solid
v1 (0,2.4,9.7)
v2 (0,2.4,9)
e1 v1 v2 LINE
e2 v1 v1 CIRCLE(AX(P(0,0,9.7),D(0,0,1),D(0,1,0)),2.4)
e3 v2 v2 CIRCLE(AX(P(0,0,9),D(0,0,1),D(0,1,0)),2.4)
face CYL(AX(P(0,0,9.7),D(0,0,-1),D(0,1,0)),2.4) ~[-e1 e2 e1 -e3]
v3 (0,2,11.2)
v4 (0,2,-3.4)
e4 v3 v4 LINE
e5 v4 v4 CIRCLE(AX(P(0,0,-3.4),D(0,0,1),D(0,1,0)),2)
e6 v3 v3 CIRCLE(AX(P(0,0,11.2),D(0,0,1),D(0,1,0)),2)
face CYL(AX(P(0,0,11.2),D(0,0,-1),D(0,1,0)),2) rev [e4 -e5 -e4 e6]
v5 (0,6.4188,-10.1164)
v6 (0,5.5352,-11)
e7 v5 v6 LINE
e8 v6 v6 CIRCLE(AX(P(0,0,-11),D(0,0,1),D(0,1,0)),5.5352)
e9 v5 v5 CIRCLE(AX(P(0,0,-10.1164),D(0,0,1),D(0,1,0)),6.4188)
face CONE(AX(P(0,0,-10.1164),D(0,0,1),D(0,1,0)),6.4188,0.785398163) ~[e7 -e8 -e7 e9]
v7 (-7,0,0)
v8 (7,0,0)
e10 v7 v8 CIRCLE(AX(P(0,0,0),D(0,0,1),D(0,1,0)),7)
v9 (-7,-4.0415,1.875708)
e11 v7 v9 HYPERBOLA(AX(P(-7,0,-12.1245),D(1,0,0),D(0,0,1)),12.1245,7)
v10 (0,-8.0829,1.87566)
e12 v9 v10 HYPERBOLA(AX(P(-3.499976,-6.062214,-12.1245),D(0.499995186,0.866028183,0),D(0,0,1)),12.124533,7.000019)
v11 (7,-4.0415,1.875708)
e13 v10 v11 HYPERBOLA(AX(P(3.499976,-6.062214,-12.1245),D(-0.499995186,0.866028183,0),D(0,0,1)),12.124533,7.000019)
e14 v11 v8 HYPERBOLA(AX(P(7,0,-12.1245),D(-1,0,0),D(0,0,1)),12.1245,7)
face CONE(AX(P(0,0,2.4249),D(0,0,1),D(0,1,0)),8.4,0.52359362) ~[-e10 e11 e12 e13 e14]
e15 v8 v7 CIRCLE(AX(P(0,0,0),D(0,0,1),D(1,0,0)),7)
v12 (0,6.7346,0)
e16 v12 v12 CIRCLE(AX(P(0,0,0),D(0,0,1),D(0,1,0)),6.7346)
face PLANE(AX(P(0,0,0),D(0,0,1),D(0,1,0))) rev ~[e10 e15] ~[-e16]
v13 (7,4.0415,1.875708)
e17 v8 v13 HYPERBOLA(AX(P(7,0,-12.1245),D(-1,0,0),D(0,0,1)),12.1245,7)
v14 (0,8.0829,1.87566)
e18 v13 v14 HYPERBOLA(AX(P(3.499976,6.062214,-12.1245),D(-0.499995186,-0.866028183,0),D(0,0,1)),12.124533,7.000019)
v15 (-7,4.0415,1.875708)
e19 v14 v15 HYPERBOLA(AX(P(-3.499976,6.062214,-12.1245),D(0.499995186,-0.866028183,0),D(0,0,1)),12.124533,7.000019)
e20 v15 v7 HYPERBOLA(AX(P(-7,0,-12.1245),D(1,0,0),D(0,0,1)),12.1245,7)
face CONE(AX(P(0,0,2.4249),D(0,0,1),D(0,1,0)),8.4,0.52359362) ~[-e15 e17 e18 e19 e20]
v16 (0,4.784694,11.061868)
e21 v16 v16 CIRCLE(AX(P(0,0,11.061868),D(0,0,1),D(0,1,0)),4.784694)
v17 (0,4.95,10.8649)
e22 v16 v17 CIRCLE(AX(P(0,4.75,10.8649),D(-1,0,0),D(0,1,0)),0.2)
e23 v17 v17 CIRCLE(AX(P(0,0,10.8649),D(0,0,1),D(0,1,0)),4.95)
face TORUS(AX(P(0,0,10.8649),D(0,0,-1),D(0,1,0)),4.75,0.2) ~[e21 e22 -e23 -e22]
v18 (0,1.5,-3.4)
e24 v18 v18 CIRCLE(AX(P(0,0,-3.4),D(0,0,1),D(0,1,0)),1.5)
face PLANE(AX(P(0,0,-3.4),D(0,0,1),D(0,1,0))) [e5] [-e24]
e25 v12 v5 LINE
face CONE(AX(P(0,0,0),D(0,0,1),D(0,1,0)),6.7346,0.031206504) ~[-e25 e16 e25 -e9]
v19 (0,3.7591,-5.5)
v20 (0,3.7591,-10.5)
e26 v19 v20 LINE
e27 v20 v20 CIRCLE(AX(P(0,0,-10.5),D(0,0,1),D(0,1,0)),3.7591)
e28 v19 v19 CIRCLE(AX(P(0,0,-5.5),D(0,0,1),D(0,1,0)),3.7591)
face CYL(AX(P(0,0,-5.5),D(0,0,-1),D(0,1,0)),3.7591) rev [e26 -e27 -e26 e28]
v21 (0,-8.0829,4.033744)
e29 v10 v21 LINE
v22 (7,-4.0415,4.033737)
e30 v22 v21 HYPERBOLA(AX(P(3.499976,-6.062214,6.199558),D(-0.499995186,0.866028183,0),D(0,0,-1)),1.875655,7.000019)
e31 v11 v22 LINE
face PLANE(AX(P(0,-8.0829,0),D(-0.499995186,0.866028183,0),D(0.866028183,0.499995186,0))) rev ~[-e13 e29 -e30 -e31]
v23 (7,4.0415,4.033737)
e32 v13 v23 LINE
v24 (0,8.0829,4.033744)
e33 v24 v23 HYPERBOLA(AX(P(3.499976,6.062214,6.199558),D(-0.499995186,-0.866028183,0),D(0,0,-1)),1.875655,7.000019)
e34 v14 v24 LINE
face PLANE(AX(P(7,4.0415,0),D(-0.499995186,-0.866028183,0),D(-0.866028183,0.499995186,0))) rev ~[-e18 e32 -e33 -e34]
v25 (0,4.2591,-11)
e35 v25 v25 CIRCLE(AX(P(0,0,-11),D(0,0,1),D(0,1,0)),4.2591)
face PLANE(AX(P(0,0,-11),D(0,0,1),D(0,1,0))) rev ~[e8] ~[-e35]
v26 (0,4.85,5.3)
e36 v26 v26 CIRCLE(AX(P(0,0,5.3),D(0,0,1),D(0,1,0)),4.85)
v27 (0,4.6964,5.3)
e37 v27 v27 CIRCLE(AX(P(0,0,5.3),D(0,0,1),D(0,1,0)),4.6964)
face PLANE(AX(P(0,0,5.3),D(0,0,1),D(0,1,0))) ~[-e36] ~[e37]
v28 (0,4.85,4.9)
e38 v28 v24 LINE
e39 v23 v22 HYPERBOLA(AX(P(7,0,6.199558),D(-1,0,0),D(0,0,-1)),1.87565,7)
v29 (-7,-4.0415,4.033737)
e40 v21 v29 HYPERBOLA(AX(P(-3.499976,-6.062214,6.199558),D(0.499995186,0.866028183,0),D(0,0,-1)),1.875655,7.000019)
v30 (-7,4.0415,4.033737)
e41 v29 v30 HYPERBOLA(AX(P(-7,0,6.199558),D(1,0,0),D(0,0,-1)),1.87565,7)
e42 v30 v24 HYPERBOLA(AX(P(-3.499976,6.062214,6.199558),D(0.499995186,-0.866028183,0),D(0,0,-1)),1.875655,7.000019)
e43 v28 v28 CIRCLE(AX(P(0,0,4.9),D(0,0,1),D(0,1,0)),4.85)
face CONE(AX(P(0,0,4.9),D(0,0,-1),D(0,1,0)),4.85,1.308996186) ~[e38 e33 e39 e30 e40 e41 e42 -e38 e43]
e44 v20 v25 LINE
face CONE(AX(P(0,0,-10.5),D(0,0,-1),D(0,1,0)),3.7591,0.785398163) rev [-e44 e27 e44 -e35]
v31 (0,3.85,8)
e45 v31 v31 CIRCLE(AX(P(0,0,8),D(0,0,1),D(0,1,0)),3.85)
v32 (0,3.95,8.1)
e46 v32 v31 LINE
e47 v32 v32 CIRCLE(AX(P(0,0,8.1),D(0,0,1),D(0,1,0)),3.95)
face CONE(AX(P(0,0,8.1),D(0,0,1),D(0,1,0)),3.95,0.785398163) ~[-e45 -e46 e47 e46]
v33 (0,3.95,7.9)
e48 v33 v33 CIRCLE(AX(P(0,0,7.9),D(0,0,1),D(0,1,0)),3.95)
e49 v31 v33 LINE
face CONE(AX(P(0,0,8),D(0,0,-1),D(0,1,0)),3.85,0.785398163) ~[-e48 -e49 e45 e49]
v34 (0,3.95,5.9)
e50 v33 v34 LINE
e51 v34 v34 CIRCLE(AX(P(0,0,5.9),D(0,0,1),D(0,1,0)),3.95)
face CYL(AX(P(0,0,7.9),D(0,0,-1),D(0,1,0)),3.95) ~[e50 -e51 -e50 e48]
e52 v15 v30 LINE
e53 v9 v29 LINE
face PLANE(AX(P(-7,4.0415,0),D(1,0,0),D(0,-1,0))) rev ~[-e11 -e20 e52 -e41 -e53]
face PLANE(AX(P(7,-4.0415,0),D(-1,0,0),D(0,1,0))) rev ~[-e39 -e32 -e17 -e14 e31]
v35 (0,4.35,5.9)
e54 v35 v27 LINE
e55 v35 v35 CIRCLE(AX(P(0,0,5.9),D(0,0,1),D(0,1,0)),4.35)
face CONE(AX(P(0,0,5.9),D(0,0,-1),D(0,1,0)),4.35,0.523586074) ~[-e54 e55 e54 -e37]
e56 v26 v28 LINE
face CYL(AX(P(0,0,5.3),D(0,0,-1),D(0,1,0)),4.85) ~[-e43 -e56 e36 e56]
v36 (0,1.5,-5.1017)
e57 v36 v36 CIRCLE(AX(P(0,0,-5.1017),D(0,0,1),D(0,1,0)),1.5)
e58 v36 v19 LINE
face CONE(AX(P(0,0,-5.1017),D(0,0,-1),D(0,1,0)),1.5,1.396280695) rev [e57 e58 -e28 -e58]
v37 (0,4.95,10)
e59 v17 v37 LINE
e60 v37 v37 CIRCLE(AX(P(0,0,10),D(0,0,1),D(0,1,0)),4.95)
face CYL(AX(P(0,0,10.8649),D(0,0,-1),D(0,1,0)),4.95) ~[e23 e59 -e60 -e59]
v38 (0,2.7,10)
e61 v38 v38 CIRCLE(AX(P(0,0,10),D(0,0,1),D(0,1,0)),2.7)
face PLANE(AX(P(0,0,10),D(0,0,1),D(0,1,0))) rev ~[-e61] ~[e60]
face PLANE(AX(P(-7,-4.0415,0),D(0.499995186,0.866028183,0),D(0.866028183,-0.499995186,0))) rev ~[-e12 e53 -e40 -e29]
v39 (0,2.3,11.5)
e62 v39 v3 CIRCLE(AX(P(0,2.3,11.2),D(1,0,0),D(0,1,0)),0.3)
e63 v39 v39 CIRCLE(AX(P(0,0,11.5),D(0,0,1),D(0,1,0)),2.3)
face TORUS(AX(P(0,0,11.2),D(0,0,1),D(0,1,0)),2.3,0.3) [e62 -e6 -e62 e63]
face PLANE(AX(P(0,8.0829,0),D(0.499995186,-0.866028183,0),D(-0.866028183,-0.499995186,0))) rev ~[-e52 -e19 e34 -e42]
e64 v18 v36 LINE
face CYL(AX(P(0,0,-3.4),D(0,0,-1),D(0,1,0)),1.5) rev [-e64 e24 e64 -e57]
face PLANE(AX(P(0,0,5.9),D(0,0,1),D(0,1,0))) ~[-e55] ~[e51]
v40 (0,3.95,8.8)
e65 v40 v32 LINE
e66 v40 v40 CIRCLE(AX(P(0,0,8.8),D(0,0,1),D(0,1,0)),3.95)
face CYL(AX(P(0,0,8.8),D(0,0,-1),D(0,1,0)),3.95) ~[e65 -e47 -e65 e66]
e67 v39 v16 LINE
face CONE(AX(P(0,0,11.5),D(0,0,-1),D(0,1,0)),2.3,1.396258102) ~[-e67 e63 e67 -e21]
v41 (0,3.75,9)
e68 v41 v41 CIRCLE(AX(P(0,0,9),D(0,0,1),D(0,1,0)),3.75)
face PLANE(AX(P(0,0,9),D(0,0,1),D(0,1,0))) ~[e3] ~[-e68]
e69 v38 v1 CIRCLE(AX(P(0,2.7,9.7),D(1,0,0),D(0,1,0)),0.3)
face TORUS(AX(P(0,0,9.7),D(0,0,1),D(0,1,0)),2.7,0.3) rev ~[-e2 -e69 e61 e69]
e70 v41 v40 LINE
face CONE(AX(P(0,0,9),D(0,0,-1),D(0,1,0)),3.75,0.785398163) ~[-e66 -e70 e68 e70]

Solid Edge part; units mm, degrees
sketch "Sketch1" plane through (0, 0, 0) normal (1, 0, 0) x (0, 1, 0)
  line L0 (0, 11.5) -> (2.3, 11.5)
  line L1 (2.3, 11.5) -> (4.7847, 11.0619)
  arc A0 (4.7847, 11.0619) -> (4.95, 10.8649) centre (4.75, 10.8649) cw
  line L2 (4.95, 10.8649) -> (4.95, 10)
  line L3 (4.95, 10) -> (2.7, 10)
  arc A1 (2.7, 10) -> (2.4, 9.7) centre (2.7, 9.7) ccw
  line L4 (2.4, 9.7) -> (2.4, 9)
  line L5 (2.4, 9) -> (3.75, 9)
  line L6 (3.75, 9) -> (3.95, 8.8)
  line L7 (3.95, 8.8) -> (3.95, 8.1)
  line L8 (3.95, 8.1) -> (3.85, 8)
  line L9 (3.85, 8) -> (3.95, 7.9)
  line L10 (3.95, 7.9) -> (3.95, 5.9)
  line L11 (3.95, 5.9) -> (8.4, 5.9)
  line L12 (8.4, 5.9) -> (8.4, 2.4249)
  line L13 (8.4, 2.4249) -> (7, 0)
  line L14 (7, 0) -> (0, 0)
  line L15 (0, 0) -> (0, 11.5)
revolve "RevolvedProtrusion1" add sketch "Sketch1" angle 360 about axis through (0, 0, 0) along (0, 0, 1)
sketch "Sketch2" plane through (0, 0, 0) normal (0, 0, 1) x (1, 0, 0)
  line L0 (-14, -14) -> (14, -14)
  line L1 (14, -14) -> (14, 14)
  line L2 (14, 14) -> (-14, 14)
  line L3 (-14, 14) -> (-14, -14)
  line L4 (-7, -4.0415) -> (0, -8.0829)
  line L5 (0, -8.0829) -> (7, -4.0415)
  line L6 (7, -4.0415) -> (7, 4.0415)
  line L7 (7, 4.0415) -> (0, 8.0829)
  line L8 (0, 8.0829) -> (-7, 4.0415)
  line L9 (-7, 4.0415) -> (-7, -4.0415)
extrude "Cutout1" cut sketch "Sketch2" along normal blind 6
sketch "Sketch3" plane through (0, 0, 0) normal (1, 0, 0) x (0, 1, 0)
  line L0 (4.35, 5.9) -> (4.6964, 5.3)
  line L1 (4.6964, 5.3) -> (4.85, 5.3)
  line L2 (4.85, 5.3) -> (4.85, 4.9)
  line L3 (4.85, 4.9) -> (14.85, 2.2205)
  line L4 (14.85, 2.2205) -> (14.85, 5.9)
  line L5 (14.85, 5.9) -> (4.35, 5.9)
revolve "RevolvedCutout1" cut sketch "Sketch3" angle 360 about axis through (0, 0, -50) along (0, 0, 1)
sketch "Sketch4" plane through (0, 0, 0) normal (1, 0, 0) x (0, 1, 0)
  line L0 (0, 0) -> (6.7346, 0)
  line L1 (6.7346, 0) -> (6.4188, -10.1164)
  line L2 (6.4188, -10.1164) -> (5.5352, -11)
  line L3 (5.5352, -11) -> (0, -11)
  line L4 (0, -11) -> (0, 0)
revolve "RevolvedProtrusion2" add sketch "Sketch4" angle 360 about axis through (0, 0, -11) along (0, 0, 1)
sketch "Sketch5" plane through (0, 0, 0) normal (1, 0, 0) x (0, 1, 0)
  line L0 (0, 11.5) -> (2.3, 11.5)
  arc A0 (2.3, 11.5) -> (2, 11.2) centre (2.3, 11.2) ccw
  line L1 (2, 11.2) -> (2, -3.4)
  line L2 (2, -3.4) -> (1.5, -3.4)
  line L3 (1.5, -3.4) -> (1.5, -5.1017)
  line L4 (1.5, -5.1017) -> (3.7591, -5.5)
  line L5 (3.7591, -5.5) -> (3.7591, -10.5)
  line L6 (3.7591, -10.5) -> (4.2591, -11)
  line L7 (4.2591, -11) -> (0, -11)
  line L8 (0, -11) -> (0, 11.5)
revolve "RevolvedCutout2" cut sketch "Sketch5" angle 360 about axis through (0, 0, -11) along (0, 0, 1)
properties part number "190644 QS-1/4-4"
